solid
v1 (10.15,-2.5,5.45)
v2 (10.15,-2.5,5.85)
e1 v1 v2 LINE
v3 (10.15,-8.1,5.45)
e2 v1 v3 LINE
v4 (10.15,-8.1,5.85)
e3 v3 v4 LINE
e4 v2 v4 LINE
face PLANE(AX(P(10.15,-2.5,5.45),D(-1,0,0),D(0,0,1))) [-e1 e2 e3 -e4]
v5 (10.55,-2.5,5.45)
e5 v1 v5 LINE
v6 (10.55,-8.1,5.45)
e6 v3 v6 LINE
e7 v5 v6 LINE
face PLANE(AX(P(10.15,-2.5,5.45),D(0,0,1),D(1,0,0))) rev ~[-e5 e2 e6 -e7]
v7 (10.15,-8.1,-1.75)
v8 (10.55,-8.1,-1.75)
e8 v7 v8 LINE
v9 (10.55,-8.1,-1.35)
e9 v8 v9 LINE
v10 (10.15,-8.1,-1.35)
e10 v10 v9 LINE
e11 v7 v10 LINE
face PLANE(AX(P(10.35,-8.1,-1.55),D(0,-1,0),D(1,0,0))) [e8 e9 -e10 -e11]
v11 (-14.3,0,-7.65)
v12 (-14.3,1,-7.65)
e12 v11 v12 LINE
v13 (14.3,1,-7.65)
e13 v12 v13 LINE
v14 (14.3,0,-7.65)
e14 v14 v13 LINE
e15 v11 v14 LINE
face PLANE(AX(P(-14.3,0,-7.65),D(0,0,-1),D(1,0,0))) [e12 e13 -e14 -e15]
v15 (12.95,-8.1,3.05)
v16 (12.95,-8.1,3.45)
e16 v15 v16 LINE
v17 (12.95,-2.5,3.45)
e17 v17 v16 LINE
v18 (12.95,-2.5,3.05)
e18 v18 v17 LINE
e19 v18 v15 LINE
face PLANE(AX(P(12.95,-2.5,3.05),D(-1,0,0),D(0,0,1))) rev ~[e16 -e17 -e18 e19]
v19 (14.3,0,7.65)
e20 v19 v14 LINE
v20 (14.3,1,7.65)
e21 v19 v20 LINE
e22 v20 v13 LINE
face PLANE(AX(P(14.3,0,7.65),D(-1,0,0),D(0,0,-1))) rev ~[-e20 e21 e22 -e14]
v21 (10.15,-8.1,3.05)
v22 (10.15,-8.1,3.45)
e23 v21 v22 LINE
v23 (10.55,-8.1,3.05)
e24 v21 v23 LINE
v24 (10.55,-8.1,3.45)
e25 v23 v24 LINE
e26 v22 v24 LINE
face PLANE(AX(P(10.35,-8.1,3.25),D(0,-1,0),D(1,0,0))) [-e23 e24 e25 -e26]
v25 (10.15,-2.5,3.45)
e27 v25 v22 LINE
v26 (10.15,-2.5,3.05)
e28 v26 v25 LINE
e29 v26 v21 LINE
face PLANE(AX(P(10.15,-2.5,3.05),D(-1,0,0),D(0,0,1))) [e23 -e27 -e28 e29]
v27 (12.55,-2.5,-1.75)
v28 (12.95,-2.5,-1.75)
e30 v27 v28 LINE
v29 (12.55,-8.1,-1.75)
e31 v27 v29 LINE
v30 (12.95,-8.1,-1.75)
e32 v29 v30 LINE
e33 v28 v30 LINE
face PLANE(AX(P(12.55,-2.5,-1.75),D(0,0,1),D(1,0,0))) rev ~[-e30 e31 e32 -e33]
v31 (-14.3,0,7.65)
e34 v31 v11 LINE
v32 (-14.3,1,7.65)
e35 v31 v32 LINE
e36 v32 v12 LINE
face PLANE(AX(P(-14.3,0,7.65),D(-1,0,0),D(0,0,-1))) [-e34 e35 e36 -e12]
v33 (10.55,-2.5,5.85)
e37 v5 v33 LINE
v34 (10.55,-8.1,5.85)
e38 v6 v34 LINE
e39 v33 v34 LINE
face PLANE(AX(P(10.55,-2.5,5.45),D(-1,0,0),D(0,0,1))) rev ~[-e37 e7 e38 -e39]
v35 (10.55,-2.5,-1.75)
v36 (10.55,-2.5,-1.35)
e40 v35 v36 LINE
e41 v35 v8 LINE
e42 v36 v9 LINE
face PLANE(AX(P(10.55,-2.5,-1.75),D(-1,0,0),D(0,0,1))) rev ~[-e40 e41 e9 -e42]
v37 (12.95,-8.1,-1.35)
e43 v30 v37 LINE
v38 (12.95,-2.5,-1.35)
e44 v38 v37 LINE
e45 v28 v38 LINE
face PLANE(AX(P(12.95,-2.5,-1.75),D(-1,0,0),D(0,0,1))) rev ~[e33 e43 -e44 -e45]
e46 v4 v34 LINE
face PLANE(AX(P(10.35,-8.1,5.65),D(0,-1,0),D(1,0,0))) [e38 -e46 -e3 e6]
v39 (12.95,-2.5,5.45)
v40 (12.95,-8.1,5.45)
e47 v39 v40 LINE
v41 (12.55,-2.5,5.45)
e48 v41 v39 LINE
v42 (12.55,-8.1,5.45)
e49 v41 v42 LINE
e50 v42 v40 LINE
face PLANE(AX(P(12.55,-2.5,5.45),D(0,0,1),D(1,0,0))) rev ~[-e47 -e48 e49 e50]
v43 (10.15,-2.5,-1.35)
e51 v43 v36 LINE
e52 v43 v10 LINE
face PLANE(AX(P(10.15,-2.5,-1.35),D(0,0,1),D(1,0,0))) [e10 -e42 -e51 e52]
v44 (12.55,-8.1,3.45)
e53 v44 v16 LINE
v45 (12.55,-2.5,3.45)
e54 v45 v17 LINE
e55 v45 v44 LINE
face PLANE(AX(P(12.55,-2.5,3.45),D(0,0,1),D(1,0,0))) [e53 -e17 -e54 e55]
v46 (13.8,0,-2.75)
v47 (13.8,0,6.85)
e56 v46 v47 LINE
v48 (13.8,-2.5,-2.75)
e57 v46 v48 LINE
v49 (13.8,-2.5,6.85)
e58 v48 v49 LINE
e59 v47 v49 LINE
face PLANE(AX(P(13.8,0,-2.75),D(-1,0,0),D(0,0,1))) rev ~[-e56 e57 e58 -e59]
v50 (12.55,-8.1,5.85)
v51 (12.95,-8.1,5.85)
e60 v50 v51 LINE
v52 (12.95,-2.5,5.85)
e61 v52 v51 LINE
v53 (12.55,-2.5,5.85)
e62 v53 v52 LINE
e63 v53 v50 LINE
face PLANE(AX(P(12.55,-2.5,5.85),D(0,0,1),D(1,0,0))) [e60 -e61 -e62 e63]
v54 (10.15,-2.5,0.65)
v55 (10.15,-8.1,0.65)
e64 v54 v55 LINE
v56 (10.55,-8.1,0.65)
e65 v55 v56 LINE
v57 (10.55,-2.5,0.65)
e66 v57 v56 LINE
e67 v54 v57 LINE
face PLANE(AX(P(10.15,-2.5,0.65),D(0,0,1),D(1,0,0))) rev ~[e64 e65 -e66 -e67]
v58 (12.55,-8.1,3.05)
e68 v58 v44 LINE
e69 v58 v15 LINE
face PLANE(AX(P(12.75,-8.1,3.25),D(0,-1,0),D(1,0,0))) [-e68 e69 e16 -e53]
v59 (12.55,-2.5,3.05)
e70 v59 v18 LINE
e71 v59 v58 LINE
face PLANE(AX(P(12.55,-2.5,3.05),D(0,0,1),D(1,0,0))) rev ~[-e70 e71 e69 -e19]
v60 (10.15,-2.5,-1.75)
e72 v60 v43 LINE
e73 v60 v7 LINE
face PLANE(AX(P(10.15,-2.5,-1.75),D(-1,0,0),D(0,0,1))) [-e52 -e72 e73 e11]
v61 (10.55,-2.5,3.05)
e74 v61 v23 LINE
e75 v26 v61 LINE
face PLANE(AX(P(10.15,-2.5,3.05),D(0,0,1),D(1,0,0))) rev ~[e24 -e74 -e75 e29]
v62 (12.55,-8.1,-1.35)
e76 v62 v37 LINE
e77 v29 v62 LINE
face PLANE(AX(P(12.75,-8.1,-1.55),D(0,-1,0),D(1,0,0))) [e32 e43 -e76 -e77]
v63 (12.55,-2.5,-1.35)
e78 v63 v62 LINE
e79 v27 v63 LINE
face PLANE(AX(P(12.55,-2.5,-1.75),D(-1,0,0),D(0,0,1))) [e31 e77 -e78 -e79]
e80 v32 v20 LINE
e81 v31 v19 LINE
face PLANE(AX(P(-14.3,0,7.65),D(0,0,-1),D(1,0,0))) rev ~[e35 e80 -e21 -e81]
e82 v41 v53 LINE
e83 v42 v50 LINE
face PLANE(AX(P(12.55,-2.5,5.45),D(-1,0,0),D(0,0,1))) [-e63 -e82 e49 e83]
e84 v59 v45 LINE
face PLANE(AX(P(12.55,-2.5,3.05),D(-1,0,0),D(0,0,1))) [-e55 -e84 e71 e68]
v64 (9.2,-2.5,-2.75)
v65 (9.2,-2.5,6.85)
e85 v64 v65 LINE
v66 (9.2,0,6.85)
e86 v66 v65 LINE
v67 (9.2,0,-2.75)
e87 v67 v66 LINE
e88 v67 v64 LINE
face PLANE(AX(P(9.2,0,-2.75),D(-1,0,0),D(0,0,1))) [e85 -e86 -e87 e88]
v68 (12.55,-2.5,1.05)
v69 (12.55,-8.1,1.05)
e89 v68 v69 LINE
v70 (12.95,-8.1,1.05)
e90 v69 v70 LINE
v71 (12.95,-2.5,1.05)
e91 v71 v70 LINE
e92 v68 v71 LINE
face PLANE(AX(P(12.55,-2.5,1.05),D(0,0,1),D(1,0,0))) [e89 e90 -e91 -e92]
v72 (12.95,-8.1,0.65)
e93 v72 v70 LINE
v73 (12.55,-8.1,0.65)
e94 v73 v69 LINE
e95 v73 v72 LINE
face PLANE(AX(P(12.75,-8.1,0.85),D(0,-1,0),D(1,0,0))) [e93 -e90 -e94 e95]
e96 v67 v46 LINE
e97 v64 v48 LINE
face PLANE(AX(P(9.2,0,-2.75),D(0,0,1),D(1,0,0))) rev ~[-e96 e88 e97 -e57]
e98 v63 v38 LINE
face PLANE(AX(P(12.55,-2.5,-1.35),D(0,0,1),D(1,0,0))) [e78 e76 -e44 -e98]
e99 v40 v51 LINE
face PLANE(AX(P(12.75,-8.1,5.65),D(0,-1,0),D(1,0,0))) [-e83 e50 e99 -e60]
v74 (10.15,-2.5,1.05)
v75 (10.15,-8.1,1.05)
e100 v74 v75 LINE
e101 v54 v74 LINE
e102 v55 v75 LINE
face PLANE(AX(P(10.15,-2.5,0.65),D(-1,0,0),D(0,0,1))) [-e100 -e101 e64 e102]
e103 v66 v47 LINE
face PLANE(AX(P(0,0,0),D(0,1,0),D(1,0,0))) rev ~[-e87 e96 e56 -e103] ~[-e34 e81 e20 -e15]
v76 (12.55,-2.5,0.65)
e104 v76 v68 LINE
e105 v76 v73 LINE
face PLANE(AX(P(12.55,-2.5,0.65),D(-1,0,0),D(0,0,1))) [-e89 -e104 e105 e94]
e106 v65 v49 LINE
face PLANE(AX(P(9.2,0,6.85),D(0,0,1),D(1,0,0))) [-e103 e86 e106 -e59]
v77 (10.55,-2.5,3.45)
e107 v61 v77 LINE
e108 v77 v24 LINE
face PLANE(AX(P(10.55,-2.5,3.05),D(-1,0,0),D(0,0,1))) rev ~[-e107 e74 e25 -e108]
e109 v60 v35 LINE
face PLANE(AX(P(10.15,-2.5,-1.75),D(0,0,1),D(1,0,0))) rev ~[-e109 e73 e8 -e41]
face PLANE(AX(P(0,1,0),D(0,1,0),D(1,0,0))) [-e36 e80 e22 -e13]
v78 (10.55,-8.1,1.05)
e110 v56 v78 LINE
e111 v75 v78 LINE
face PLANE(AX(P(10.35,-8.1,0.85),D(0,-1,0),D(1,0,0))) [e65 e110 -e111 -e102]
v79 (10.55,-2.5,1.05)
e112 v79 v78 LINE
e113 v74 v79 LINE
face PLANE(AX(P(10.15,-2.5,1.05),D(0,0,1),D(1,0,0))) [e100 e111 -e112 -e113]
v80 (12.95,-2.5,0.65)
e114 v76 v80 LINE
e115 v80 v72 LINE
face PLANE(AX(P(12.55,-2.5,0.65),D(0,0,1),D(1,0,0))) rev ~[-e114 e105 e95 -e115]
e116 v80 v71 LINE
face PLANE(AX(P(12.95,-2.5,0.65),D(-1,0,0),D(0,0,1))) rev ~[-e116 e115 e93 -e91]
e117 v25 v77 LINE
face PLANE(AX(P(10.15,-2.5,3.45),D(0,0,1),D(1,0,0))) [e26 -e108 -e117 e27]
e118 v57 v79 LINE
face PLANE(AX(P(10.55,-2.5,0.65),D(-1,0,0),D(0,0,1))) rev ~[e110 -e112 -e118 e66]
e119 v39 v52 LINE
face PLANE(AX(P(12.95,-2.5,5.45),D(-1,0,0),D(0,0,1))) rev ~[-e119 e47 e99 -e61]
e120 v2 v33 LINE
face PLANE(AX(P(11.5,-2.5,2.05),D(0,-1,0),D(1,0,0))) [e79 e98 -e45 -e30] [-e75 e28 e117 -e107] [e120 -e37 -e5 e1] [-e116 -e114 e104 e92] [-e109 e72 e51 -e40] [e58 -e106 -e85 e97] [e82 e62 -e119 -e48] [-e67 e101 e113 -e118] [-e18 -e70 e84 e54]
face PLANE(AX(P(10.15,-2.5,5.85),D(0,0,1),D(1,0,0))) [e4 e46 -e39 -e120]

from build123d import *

# Parameters (mm, degrees)
SKETCH_1_W      = 28.6
SKETCH_1_H      = 15.3
EXTRUDE_1_DEPTH = 1
SKETCH_2_W      = 4.6
SKETCH_2_H      = 9.6
EXTRUDE_2_DEPTH = 2.5
SKETCH_3_W      = 0.4
SKETCH_3_H      = 0.4
EXTRUDE_3_DEPTH = 5.6


with BuildPart() as part:
    # 草图1 → 凸台-拉伸1 (new body)
    with BuildSketch(Plane(origin=(0, 0, 0), x_dir=(1, 0, 0), z_dir=(0, 1, 0))):
        Rectangle(SKETCH_1_W, SKETCH_1_H)
    extrude(amount=EXTRUDE_1_DEPTH)

    # 草图2 → 凸台-拉伸2 (add)
    with BuildSketch(Plane.XZ):
        with Locations((11.5, 2.05)):
            Rectangle(SKETCH_2_W, SKETCH_2_H)
    extrude(amount=EXTRUDE_2_DEPTH)

    # 草图3 → 凸台-拉伸3 (add)
    with BuildSketch(Plane.XZ.offset(2.5)):
        with Locations((12.75, 5.65)):
            Rectangle(SKETCH_3_W, SKETCH_3_H)
        with Locations((10.35, 5.65)):
            Rectangle(SKETCH_3_W, SKETCH_3_H)
        with Locations((12.75, 3.25)):
            Rectangle(SKETCH_3_W, SKETCH_3_H)
        with Locations((12.75, 0.85)):
            Rectangle(SKETCH_3_W, SKETCH_3_H)
        with Locations((12.75, -1.55)):
            Rectangle(SKETCH_3_W, SKETCH_3_H)
        with Locations((10.35, 3.25)):
            Rectangle(SKETCH_3_W, SKETCH_3_H)
        with Locations((10.35, 0.85)):
            Rectangle(SKETCH_3_W, SKETCH_3_H)
        with Locations((10.35, -1.55)):
            Rectangle(SKETCH_3_W, SKETCH_3_H)
    extrude(amount=EXTRUDE_3_DEPTH)


solid = part.part
